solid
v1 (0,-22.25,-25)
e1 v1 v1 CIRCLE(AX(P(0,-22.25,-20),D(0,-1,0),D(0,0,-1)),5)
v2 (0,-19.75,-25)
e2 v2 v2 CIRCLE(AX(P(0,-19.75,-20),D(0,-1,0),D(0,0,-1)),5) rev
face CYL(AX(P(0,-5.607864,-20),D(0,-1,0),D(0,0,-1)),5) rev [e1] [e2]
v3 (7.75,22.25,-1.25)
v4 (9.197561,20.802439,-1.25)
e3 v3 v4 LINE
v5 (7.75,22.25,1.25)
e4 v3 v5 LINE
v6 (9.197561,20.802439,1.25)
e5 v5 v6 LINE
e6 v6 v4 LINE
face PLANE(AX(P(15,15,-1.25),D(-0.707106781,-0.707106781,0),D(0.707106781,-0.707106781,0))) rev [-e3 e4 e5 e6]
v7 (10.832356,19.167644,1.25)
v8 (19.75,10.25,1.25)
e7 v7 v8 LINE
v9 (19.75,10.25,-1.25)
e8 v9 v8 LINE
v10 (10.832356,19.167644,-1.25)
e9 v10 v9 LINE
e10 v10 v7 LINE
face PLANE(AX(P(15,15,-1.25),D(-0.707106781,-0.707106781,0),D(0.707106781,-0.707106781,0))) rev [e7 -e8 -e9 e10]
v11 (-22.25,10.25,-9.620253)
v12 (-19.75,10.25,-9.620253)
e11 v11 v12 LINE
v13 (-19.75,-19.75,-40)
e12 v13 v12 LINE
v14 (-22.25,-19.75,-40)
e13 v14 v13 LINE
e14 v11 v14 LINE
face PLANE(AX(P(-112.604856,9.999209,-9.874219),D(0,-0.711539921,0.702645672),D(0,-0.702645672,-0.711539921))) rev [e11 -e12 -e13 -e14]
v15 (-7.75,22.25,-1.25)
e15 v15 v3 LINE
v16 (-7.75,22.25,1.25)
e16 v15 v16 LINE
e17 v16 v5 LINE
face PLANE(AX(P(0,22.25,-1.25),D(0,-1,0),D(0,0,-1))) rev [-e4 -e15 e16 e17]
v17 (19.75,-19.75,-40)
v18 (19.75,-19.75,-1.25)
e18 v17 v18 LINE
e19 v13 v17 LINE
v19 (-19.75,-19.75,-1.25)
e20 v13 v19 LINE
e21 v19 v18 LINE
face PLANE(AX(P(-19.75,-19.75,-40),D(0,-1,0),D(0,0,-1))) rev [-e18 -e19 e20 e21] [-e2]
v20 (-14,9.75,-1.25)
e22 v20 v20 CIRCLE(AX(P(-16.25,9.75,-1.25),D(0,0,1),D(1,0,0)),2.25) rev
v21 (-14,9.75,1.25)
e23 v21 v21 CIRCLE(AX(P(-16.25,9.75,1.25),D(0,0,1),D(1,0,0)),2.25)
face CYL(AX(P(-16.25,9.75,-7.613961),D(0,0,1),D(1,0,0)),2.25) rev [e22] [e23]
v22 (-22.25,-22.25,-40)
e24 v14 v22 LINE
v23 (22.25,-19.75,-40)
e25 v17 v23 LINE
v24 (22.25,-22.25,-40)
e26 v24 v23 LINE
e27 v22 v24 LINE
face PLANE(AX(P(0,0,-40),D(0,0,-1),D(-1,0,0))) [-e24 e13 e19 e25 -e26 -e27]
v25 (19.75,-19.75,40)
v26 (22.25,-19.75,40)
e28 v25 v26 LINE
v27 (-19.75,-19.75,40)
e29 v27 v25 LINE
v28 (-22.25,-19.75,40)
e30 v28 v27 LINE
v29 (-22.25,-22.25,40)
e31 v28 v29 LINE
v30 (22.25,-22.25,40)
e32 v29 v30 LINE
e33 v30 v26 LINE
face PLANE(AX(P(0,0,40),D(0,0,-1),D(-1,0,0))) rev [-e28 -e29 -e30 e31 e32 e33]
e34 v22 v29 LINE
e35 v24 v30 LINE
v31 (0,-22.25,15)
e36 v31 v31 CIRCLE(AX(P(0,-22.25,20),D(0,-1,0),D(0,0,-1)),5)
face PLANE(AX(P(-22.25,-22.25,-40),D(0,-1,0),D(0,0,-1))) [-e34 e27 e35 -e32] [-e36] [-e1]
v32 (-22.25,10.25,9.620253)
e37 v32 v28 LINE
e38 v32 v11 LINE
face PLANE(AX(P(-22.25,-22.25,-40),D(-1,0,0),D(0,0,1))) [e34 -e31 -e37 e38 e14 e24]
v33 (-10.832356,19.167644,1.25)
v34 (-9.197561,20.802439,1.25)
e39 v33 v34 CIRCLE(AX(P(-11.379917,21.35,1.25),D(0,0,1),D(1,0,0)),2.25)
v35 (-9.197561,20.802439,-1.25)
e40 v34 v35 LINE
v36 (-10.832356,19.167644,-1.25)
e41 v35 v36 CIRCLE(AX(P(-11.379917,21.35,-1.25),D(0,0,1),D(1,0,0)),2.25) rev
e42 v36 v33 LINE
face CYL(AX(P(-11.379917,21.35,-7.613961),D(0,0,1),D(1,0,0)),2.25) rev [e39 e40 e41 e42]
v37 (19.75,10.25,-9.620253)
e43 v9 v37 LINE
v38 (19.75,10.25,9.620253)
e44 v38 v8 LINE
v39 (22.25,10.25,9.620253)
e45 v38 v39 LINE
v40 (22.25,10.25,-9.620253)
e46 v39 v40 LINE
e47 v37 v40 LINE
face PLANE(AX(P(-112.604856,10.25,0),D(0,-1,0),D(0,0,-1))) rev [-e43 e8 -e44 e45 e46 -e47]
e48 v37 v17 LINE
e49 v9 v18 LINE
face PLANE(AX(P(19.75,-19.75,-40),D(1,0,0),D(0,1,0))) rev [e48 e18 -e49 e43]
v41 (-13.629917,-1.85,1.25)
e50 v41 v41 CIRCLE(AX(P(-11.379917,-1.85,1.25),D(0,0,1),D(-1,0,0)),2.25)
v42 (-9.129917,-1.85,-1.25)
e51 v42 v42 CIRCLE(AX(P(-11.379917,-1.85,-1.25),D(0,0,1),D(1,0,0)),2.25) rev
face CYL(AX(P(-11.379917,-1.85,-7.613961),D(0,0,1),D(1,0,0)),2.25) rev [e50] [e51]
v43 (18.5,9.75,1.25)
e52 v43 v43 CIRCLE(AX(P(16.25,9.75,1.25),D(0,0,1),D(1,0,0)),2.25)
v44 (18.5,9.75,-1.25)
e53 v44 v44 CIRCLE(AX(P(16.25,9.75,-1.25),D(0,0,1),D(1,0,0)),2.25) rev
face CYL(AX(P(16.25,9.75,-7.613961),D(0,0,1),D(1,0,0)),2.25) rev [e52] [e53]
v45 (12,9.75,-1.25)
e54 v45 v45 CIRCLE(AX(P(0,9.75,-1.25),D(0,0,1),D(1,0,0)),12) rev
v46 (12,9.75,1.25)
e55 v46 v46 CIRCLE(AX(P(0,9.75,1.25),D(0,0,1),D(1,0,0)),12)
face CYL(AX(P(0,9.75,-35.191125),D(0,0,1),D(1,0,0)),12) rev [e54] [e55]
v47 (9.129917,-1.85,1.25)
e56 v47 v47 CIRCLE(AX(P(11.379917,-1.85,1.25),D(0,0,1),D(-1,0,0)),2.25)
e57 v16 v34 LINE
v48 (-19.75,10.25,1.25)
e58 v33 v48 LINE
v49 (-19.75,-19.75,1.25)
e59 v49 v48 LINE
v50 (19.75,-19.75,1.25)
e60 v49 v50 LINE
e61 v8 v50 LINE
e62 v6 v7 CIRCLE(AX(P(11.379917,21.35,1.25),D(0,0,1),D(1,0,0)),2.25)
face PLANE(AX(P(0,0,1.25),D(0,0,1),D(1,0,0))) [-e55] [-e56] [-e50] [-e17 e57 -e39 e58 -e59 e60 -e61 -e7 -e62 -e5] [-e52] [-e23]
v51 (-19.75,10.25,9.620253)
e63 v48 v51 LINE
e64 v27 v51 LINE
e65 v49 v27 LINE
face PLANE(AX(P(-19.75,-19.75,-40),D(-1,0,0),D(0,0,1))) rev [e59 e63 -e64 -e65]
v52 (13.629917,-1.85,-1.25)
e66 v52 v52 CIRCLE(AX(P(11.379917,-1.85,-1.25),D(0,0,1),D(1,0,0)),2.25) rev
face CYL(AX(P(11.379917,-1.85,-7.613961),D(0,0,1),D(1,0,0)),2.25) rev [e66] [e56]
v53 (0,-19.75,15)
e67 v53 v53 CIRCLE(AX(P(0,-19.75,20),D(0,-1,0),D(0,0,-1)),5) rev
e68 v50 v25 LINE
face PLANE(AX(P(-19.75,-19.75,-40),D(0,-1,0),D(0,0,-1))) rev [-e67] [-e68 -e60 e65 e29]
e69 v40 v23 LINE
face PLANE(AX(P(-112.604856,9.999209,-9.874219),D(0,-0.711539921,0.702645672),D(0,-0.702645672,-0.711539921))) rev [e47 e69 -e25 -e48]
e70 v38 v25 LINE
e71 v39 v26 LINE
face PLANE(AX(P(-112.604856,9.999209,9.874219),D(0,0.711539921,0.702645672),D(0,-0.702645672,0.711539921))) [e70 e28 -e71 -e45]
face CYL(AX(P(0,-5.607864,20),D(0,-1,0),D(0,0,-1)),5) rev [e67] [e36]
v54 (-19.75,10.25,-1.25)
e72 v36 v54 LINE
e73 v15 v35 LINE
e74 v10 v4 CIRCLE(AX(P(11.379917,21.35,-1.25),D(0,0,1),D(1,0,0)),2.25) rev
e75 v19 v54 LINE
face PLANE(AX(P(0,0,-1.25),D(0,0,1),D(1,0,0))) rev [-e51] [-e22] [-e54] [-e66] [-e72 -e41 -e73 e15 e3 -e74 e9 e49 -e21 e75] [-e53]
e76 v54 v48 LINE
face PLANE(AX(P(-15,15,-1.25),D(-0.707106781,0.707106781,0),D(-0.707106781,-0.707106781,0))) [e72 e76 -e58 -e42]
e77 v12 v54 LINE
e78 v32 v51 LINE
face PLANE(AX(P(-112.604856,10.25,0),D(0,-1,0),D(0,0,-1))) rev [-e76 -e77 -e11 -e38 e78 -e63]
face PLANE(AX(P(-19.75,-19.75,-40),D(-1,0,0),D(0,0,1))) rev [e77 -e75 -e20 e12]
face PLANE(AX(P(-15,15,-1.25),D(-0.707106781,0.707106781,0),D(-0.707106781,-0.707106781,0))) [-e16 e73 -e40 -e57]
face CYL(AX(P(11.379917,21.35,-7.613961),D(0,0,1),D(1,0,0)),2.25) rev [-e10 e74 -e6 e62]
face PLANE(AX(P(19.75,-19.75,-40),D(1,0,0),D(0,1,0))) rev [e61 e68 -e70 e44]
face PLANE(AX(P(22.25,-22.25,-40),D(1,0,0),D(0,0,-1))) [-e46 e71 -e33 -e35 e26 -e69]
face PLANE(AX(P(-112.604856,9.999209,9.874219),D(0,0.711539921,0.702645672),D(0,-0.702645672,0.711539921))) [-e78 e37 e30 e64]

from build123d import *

# Parameters (mm, degrees)
CROQUIS1_W                   = 44.5
CROQUIS1_H                   = 44.5
CROQUIS1_W_2                 = 39.5
CROQUIS1_H_2                 = 39.5
SALIENTE_EXTRUIR1_DEPTH      = 40
SALIENTE_EXTRUIR1_DEPTH_BACK = 40
CORTAR_EXTRUIR1_DEPTH        = 44.5
SALIENTE_EXTRUIR2_DEPTH      = 1.25
SALIENTE_EXTRUIR2_DEPTH_BACK = 1.25
CROQUIS4_R                   = 5
CORTAR_EXTRUIR2_DEPTH        = 2.5
CROQUIS7_R                   = 12
CORTAR_EXTRUIR5_DEPTH        = 2.5
CROQUIS8_R                   = 2.25
CORTAR_EXTRUIR6_DEPTH        = 2.5


with BuildPart() as part:
    # Croquis1 → Saliente-Extruir1 (new body, two sides)
    with BuildSketch(Plane.XY) as saliente_extruir1_sk:
        Rectangle(CROQUIS1_W, CROQUIS1_H)
        Rectangle(CROQUIS1_W_2, CROQUIS1_H_2, mode=Mode.SUBTRACT)
    extrude(amount=SALIENTE_EXTRUIR1_DEPTH)
    extrude(saliente_extruir1_sk.sketch, amount=-SALIENTE_EXTRUIR1_DEPTH_BACK)

    # Croquis2 → Cortar-Extruir1 (cut)
    with BuildSketch(Plane(origin=(22.25, 0, 0), x_dir=(0, 0, -1), z_dir=(1, 0, 0))):
        Polygon((-9.620253165, 10.25), (9.620253165, 10.25), (40, -19.75), (40, 22.25), (-40, 22.25), (-40, -19.75), align=None)
    extrude(amount=-CORTAR_EXTRUIR1_DEPTH, mode=Mode.SUBTRACT)

    # Croquis3 → Saliente-Extruir2 (add, two sides)
    with BuildSketch(Plane.XY) as saliente_extruir2_sk:
        Polygon((19.75, -19.75), (19.75, 10.25), (7.75, 22.25), (-7.75, 22.25), (-19.75, 10.25), (-19.75, -19.75), align=None)
    extrude(amount=SALIENTE_EXTRUIR2_DEPTH)
    extrude(saliente_extruir2_sk.sketch, amount=-SALIENTE_EXTRUIR2_DEPTH_BACK)

    # Croquis4 → Cortar-Extruir2 (cut)
    with BuildSketch(Plane.XZ.offset(22.25)):
        with Locations((0, -20)):
            Circle(CROQUIS4_R)
        with Locations((0, 20)):
            Circle(CROQUIS4_R)
    extrude(amount=-CORTAR_EXTRUIR2_DEPTH, mode=Mode.SUBTRACT)

    # Croquis7 → Cortar-Extruir5 (cut)
    with BuildSketch(Plane.XY.offset(1.25)):
        with Locations((0, 9.75)):
            Circle(CROQUIS7_R)
    extrude(amount=-CORTAR_EXTRUIR5_DEPTH, mode=Mode.SUBTRACT)

    # Croquis8 → Cortar-Extruir6 (cut)
    with BuildSketch(Plane.XY.offset(1.25)):
        with Locations((-11.37991652, 21.35)):
            Circle(CROQUIS8_R)
        with Locations((11.37991652, 21.35)):
            Circle(CROQUIS8_R)
        with Locations((-16.25, 9.75)):
            Circle(CROQUIS8_R)
        with Locations((16.25, 9.75)):
            Circle(CROQUIS8_R)
        with Locations((-11.37991652, -1.85)):
            Circle(CROQUIS8_R)
        with Locations((11.37991652, -1.85)):
            Circle(CROQUIS8_R)
    extrude(amount=-CORTAR_EXTRUIR6_DEPTH, mode=Mode.SUBTRACT)


solid = part.part
